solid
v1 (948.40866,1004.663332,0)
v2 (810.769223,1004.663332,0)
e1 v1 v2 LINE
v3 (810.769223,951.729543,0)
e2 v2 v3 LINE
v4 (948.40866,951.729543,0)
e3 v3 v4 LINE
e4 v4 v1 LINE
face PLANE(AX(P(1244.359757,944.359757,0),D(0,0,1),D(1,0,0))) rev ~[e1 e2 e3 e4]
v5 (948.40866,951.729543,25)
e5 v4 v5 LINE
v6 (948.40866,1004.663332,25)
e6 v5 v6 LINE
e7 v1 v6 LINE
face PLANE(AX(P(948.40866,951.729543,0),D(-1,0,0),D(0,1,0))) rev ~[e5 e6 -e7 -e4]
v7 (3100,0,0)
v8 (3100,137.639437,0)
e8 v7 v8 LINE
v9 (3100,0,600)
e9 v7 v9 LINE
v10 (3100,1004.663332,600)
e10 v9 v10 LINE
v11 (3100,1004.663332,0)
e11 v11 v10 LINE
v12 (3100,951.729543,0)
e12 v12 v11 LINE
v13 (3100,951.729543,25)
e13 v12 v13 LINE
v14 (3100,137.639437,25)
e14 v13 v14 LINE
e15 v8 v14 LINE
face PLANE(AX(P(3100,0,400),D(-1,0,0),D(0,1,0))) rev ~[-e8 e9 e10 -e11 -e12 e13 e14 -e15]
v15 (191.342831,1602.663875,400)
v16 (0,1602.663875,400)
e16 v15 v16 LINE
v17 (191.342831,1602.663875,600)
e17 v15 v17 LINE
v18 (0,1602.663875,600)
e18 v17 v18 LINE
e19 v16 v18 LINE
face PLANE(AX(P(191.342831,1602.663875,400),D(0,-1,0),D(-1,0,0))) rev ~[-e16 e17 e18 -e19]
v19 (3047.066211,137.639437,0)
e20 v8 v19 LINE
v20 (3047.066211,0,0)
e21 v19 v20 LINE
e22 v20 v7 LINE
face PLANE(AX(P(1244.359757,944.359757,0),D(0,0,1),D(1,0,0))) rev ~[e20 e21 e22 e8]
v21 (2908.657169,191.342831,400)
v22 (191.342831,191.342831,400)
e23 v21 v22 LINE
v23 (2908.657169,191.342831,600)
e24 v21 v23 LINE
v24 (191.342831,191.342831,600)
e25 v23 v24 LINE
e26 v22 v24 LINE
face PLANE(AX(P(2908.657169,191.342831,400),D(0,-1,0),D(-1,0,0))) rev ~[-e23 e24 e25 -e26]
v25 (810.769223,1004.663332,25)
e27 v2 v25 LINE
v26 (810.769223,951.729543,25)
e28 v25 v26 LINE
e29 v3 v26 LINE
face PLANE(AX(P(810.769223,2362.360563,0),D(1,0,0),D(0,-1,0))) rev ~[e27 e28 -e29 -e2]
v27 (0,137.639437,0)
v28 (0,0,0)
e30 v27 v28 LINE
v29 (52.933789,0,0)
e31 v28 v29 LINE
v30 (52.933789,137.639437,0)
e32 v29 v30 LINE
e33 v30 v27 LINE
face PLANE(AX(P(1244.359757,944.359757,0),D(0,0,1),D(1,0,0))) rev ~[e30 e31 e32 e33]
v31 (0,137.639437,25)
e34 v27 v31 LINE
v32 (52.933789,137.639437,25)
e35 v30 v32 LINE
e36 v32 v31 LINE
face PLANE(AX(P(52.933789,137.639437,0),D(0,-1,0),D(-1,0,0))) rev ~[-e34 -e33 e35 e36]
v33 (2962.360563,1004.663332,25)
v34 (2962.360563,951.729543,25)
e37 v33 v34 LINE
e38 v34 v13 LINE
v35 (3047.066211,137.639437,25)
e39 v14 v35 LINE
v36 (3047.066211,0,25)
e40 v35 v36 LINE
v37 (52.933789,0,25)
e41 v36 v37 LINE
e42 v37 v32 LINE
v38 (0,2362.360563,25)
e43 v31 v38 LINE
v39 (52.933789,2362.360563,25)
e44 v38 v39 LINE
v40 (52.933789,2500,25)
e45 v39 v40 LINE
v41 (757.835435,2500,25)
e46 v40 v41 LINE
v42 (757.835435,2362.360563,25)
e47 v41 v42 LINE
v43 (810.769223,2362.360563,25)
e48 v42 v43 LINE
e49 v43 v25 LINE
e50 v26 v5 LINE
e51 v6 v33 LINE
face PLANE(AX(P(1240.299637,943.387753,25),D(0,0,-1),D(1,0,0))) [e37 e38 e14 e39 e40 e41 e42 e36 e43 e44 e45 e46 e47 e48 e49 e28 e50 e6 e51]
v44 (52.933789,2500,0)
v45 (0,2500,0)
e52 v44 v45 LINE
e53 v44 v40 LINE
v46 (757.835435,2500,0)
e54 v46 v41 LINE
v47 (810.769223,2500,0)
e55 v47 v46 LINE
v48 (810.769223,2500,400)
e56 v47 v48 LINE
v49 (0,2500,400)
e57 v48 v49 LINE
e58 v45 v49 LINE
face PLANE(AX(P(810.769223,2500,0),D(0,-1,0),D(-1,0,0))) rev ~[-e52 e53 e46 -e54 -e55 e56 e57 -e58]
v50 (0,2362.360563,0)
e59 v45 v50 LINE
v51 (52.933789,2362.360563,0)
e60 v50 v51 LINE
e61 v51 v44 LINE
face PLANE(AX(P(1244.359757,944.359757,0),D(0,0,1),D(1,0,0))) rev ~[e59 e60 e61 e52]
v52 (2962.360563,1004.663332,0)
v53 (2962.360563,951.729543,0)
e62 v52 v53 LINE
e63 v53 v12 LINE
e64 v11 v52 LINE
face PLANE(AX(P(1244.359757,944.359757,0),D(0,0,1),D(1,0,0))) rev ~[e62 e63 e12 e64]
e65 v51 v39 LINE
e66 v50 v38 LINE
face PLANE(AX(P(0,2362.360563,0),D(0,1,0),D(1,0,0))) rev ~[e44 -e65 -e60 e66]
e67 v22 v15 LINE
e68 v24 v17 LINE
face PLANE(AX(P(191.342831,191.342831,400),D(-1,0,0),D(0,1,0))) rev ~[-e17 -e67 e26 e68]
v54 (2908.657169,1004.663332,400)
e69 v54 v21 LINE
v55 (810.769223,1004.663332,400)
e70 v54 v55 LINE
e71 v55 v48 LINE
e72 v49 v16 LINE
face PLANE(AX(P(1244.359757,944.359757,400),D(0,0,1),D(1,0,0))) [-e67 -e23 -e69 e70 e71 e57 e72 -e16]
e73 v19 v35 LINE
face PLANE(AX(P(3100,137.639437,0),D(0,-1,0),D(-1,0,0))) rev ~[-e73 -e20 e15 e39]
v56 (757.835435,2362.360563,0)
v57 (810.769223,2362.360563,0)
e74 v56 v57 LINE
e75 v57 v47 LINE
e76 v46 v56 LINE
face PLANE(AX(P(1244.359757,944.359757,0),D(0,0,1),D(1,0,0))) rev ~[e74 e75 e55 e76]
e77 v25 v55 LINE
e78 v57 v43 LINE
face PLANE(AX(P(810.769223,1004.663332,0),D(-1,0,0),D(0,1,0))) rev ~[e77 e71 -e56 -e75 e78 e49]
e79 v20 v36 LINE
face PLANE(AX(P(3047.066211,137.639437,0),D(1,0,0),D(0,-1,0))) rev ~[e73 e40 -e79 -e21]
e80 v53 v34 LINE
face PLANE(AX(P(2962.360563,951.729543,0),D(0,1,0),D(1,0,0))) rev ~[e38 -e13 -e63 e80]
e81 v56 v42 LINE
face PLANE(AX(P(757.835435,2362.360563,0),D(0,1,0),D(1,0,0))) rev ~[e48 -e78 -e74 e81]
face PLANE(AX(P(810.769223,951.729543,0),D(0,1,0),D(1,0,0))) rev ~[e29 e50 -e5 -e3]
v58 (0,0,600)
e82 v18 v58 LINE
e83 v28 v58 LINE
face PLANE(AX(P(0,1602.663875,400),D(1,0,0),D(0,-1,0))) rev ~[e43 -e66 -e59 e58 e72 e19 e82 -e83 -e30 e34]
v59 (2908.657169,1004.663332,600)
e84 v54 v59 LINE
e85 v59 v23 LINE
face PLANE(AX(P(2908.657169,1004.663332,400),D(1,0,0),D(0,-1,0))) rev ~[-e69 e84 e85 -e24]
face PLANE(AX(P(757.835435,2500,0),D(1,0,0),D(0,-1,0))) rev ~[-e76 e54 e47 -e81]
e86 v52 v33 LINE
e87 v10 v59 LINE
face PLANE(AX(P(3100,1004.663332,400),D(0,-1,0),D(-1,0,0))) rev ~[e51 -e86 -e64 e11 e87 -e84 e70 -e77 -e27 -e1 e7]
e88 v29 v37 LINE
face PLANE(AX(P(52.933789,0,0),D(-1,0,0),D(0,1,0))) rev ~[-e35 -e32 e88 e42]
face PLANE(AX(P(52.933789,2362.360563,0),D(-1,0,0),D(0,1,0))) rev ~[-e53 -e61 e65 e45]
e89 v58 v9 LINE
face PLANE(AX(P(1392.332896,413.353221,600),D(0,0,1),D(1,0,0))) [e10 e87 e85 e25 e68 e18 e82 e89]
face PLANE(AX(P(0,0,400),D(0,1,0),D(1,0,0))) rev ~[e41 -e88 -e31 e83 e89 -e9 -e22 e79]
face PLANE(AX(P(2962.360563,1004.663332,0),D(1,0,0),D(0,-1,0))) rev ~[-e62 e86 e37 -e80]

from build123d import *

# Parameters (mm, degrees)
F1_DEPTH = 400
F3_DEPTH = 25
F5_DEPTH = 200


with BuildPart() as f1:
    # F0 (on Top) → F1 (new body)
    with BuildSketch(Plane.XY):
        Polygon((0, 2500), (0, 0), (3100, 0), (3100, 1004.663332), (810.769223, 1004.663332), (810.769223, 2500), align=None)
    extrude(amount=F1_DEPTH)

    # F2 (on face) → F3 (cut)
    with BuildSketch(Plane(origin=(0, 0, 0), x_dir=(1, 0, 0), z_dir=(0, 0, -1))):
        Polygon((3047.066211, 0), (52.933789, 0), (52.933789, -137.639437), (0, -137.639437), (0, -2362.360563), (52.933789, -2362.360563), (52.933789, -2500), (757.835435, -2500), (757.835435, -2362.360563), (810.769223, -2362.360563), (810.769223, -1004.663332), (810.769223, -951.729543), (948.40866, -951.729543), (948.40866, -1004.663332), (2962.360563, -1004.663332), (2962.360563, -951.729543), (3100, -951.729543), (3100, -137.639437), (3047.066211, -137.639437), align=None)
    extrude(amount=-F3_DEPTH, mode=Mode.SUBTRACT)

    # F4 (on face) → F5 (join)
    with BuildSketch(Plane.XY.offset(400)):
        Polygon((0, 1602.663875), (0, 0), (3100, 0), (3100, 1004.663332), (2908.657169, 1004.663332), (2908.657169, 191.342831), (191.342831, 191.342831), (191.342831, 1602.663875), align=None)
    extrude(amount=F5_DEPTH)


solid = f1.part
